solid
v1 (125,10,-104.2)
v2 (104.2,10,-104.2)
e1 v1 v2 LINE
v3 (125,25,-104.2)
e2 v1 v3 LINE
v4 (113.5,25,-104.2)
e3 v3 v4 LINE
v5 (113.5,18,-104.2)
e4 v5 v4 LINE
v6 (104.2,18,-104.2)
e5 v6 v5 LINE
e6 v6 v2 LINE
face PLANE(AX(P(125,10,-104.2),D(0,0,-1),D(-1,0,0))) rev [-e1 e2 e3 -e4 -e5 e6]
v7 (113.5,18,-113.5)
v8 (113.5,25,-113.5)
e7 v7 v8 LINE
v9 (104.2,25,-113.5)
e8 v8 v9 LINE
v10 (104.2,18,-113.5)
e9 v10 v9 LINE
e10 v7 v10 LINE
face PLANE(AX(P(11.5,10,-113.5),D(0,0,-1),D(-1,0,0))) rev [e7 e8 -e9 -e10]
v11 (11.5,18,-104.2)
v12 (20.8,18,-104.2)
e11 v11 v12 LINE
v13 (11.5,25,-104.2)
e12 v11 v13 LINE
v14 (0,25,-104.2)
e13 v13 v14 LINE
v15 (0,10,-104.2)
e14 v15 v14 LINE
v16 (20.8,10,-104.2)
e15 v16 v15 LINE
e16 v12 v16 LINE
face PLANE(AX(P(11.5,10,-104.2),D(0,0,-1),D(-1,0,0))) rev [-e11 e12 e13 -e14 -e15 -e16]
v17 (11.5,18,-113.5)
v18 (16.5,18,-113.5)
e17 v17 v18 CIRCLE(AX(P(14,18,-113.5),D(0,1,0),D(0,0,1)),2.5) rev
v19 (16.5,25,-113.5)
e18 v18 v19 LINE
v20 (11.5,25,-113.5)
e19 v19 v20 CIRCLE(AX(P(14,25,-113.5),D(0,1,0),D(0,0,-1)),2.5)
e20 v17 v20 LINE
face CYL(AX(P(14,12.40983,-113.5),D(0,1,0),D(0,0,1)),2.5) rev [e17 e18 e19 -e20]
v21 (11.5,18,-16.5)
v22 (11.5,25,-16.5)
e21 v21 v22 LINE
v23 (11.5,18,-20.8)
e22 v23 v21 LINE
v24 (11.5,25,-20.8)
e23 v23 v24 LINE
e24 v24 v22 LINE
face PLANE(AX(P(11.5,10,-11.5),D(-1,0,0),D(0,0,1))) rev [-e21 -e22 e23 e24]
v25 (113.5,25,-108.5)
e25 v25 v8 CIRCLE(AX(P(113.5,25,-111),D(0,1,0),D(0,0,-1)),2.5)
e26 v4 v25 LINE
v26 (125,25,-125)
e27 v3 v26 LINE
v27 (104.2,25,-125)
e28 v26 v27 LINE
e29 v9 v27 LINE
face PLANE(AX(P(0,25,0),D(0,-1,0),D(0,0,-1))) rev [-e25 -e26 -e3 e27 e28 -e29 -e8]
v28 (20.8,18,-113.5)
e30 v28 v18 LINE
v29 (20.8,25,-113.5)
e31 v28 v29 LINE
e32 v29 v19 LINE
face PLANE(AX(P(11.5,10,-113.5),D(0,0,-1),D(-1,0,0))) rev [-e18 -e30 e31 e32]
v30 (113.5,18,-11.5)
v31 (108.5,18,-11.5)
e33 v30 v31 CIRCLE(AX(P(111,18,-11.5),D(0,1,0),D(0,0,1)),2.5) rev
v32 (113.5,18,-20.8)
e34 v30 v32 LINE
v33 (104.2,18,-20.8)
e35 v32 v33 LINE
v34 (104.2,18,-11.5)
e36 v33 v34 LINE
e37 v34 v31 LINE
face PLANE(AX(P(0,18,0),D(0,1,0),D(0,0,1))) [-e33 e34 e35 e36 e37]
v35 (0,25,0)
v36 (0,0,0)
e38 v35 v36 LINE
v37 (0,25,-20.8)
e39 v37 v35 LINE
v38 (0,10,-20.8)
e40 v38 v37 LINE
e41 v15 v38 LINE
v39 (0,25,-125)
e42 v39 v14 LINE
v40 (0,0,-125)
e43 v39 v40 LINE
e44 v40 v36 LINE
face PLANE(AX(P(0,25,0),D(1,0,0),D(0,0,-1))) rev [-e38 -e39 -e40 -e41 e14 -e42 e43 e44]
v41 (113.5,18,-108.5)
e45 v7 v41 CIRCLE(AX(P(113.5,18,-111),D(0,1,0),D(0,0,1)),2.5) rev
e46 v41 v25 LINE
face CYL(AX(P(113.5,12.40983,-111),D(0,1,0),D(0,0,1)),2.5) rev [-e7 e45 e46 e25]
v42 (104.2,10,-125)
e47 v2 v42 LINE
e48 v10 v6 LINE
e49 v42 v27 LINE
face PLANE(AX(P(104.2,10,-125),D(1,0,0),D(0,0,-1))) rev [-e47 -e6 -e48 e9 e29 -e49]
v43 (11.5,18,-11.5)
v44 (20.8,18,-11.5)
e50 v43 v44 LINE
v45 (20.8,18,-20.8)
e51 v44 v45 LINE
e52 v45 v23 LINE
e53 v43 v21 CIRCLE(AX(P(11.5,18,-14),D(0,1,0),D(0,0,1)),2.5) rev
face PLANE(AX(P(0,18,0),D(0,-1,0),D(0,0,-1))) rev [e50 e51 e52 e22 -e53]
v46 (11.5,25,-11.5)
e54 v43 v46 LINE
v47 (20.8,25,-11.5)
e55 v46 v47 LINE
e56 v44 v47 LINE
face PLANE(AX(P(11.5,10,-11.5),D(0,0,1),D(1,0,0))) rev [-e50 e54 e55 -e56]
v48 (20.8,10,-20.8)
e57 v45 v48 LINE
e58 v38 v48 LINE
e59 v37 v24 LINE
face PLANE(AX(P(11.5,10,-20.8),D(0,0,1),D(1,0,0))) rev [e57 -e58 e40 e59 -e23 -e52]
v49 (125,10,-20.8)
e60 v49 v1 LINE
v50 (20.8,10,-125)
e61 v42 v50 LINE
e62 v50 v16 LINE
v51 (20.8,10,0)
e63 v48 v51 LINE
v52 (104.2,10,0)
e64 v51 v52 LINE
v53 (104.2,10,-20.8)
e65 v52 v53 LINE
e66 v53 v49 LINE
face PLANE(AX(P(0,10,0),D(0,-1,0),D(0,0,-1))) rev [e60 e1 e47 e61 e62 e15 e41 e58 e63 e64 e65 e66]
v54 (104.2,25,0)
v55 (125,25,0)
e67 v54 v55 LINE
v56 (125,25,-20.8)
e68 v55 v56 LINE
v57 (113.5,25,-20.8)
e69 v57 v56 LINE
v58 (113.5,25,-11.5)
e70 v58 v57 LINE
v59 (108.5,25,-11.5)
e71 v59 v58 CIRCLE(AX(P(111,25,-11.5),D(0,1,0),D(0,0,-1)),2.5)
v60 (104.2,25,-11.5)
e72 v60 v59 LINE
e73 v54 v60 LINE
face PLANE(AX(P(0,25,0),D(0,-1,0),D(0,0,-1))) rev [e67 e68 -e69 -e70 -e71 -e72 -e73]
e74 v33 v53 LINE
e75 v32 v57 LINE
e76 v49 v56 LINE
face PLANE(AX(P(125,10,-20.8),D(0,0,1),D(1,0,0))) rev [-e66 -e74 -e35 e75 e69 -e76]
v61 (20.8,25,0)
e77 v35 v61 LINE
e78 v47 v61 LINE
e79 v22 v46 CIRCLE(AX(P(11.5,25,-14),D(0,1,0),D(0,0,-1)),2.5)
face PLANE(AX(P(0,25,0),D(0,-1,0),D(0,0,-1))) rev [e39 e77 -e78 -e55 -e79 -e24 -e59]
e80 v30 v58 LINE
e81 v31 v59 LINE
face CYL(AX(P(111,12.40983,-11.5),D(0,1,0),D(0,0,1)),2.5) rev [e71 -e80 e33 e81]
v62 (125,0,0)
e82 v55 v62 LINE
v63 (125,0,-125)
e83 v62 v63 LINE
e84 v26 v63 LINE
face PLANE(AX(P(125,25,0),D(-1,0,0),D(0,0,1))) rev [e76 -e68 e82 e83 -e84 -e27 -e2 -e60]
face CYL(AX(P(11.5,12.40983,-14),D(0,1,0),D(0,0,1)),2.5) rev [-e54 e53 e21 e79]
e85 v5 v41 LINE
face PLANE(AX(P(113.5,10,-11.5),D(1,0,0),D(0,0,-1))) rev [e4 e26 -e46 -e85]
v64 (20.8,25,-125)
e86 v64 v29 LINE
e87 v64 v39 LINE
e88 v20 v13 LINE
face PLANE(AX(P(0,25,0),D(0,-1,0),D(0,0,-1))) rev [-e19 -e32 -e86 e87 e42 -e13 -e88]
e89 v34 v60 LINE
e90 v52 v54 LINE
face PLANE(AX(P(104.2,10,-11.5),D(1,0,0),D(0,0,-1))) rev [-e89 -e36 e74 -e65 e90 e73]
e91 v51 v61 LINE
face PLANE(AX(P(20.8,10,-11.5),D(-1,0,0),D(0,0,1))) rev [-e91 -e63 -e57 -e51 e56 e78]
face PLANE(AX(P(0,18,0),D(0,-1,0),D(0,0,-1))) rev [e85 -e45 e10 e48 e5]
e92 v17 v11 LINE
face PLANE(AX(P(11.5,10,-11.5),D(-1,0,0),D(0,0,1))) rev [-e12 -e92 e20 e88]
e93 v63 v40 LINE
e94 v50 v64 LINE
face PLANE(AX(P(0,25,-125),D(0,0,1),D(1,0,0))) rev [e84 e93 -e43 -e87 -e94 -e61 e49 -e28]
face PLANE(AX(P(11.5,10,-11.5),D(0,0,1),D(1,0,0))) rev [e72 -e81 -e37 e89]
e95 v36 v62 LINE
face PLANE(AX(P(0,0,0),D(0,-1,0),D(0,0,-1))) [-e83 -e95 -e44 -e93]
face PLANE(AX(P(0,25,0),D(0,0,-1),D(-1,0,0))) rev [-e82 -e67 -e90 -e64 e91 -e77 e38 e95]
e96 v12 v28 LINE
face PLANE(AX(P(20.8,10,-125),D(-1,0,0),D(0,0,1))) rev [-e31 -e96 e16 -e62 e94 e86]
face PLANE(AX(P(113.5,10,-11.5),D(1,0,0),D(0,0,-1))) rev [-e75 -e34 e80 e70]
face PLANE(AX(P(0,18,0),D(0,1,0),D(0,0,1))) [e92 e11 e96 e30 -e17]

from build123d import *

# Parameters (mm, degrees)
SKETCH1_W           = 125
SKETCH1_H           = 125
BOSS_EXTRUDE1_DEPTH = 25
SKETCH2_W           = 102
SKETCH2_H           = 102
CUT_EXTRUDE1_DEPTH  = 15
SKETCH4_W           = 83.4
SKETCH4_H           = 11.5
SKETCH4_W_2         = 11.5
SKETCH4_H_2         = 83.4
CUT_EXTRUDE2_DEPTH  = 15
SKETCH5_W           = 9.3
SKETCH5_H           = 9.3
BOSS_EXTRUDE2_DEPTH = 8
CUT_EXTRUDE3_DEPTH  = 7


with BuildPart() as part:
    # Sketch1 → Boss-Extrude1 (new body)
    with BuildSketch(Plane(origin=(0, 0, 0), x_dir=(1, 0, 0), z_dir=(0, 1, 0))):
        with Locations((62.5, 62.5)):
            Rectangle(SKETCH1_W, SKETCH1_H)
    extrude(amount=BOSS_EXTRUDE1_DEPTH)

    # Sketch2 → Cut-Extrude1 (cut)
    with BuildSketch(Plane(origin=(0, 25, 0), x_dir=(1, 0, 0), z_dir=(0, 1, 0))):
        with Locations((62.5, 62.5)):
            Rectangle(SKETCH2_W, SKETCH2_H)
    extrude(amount=-CUT_EXTRUDE1_DEPTH, mode=Mode.SUBTRACT)

    # Sketch4 → Cut-Extrude2 (cut)
    with BuildSketch(Plane(origin=(0, 25, 0), x_dir=(1, 0, 0), z_dir=(0, 1, 0))):
        with Locations((62.5, 119.25)):
            Rectangle(SKETCH4_W, SKETCH4_H)
        with Locations((5.75, 62.5)):
            Rectangle(SKETCH4_W_2, SKETCH4_H_2)
        with Locations((62.5, 5.75)):
            Rectangle(SKETCH4_W, SKETCH4_H)
        with Locations((119.25, 62.5)):
            Rectangle(SKETCH4_W_2, SKETCH4_H_2)
    extrude(amount=-CUT_EXTRUDE2_DEPTH, mode=Mode.SUBTRACT)

    # Sketch5 → Boss-Extrude2 (add)
    with BuildSketch(Plane(origin=(0, 10, 0), x_dir=(1, 0, 0), z_dir=(0, 1, 0))):
        with Locations((108.85, 16.15)):
            Rectangle(SKETCH5_W, SKETCH5_H)
        with Locations((16.15, 16.15)):
            Rectangle(SKETCH5_W, SKETCH5_H)
        with Locations((16.15, 108.85)):
            Rectangle(SKETCH5_W, SKETCH5_H)
        with Locations((108.85, 108.85)):
            Rectangle(SKETCH5_W, SKETCH5_H)
    extrude(amount=BOSS_EXTRUDE2_DEPTH)

    # Sketch6 → Cut-Extrude3 (cut)
    with BuildSketch(Plane(origin=(0, 25, 0), x_dir=(1, 0, 0), z_dir=(0, 1, 0))):
        with BuildLine():
            Line((11.5, 11.5), (11.5, 16.5))
            ThreePointArc((11.5, 16.5), (9, 14), (11.5, 11.5))
        make_face()
        with BuildLine():
            Line((113.5, 11.5), (108.5, 11.5))
            ThreePointArc((108.5, 11.5), (111, 9), (113.5, 11.5))
        make_face()
        with BuildLine():
            Line((113.5, 108.5), (113.5, 113.5))
            ThreePointArc((113.5, 113.5), (116, 111), (113.5, 108.5))
        make_face()
        with BuildLine():
            Line((11.5, 113.5), (16.5, 113.5))
            ThreePointArc((16.5, 113.5), (14, 116), (11.5, 113.5))
        make_face()
    extrude(amount=-CUT_EXTRUDE3_DEPTH, mode=Mode.SUBTRACT)


solid = part.part
